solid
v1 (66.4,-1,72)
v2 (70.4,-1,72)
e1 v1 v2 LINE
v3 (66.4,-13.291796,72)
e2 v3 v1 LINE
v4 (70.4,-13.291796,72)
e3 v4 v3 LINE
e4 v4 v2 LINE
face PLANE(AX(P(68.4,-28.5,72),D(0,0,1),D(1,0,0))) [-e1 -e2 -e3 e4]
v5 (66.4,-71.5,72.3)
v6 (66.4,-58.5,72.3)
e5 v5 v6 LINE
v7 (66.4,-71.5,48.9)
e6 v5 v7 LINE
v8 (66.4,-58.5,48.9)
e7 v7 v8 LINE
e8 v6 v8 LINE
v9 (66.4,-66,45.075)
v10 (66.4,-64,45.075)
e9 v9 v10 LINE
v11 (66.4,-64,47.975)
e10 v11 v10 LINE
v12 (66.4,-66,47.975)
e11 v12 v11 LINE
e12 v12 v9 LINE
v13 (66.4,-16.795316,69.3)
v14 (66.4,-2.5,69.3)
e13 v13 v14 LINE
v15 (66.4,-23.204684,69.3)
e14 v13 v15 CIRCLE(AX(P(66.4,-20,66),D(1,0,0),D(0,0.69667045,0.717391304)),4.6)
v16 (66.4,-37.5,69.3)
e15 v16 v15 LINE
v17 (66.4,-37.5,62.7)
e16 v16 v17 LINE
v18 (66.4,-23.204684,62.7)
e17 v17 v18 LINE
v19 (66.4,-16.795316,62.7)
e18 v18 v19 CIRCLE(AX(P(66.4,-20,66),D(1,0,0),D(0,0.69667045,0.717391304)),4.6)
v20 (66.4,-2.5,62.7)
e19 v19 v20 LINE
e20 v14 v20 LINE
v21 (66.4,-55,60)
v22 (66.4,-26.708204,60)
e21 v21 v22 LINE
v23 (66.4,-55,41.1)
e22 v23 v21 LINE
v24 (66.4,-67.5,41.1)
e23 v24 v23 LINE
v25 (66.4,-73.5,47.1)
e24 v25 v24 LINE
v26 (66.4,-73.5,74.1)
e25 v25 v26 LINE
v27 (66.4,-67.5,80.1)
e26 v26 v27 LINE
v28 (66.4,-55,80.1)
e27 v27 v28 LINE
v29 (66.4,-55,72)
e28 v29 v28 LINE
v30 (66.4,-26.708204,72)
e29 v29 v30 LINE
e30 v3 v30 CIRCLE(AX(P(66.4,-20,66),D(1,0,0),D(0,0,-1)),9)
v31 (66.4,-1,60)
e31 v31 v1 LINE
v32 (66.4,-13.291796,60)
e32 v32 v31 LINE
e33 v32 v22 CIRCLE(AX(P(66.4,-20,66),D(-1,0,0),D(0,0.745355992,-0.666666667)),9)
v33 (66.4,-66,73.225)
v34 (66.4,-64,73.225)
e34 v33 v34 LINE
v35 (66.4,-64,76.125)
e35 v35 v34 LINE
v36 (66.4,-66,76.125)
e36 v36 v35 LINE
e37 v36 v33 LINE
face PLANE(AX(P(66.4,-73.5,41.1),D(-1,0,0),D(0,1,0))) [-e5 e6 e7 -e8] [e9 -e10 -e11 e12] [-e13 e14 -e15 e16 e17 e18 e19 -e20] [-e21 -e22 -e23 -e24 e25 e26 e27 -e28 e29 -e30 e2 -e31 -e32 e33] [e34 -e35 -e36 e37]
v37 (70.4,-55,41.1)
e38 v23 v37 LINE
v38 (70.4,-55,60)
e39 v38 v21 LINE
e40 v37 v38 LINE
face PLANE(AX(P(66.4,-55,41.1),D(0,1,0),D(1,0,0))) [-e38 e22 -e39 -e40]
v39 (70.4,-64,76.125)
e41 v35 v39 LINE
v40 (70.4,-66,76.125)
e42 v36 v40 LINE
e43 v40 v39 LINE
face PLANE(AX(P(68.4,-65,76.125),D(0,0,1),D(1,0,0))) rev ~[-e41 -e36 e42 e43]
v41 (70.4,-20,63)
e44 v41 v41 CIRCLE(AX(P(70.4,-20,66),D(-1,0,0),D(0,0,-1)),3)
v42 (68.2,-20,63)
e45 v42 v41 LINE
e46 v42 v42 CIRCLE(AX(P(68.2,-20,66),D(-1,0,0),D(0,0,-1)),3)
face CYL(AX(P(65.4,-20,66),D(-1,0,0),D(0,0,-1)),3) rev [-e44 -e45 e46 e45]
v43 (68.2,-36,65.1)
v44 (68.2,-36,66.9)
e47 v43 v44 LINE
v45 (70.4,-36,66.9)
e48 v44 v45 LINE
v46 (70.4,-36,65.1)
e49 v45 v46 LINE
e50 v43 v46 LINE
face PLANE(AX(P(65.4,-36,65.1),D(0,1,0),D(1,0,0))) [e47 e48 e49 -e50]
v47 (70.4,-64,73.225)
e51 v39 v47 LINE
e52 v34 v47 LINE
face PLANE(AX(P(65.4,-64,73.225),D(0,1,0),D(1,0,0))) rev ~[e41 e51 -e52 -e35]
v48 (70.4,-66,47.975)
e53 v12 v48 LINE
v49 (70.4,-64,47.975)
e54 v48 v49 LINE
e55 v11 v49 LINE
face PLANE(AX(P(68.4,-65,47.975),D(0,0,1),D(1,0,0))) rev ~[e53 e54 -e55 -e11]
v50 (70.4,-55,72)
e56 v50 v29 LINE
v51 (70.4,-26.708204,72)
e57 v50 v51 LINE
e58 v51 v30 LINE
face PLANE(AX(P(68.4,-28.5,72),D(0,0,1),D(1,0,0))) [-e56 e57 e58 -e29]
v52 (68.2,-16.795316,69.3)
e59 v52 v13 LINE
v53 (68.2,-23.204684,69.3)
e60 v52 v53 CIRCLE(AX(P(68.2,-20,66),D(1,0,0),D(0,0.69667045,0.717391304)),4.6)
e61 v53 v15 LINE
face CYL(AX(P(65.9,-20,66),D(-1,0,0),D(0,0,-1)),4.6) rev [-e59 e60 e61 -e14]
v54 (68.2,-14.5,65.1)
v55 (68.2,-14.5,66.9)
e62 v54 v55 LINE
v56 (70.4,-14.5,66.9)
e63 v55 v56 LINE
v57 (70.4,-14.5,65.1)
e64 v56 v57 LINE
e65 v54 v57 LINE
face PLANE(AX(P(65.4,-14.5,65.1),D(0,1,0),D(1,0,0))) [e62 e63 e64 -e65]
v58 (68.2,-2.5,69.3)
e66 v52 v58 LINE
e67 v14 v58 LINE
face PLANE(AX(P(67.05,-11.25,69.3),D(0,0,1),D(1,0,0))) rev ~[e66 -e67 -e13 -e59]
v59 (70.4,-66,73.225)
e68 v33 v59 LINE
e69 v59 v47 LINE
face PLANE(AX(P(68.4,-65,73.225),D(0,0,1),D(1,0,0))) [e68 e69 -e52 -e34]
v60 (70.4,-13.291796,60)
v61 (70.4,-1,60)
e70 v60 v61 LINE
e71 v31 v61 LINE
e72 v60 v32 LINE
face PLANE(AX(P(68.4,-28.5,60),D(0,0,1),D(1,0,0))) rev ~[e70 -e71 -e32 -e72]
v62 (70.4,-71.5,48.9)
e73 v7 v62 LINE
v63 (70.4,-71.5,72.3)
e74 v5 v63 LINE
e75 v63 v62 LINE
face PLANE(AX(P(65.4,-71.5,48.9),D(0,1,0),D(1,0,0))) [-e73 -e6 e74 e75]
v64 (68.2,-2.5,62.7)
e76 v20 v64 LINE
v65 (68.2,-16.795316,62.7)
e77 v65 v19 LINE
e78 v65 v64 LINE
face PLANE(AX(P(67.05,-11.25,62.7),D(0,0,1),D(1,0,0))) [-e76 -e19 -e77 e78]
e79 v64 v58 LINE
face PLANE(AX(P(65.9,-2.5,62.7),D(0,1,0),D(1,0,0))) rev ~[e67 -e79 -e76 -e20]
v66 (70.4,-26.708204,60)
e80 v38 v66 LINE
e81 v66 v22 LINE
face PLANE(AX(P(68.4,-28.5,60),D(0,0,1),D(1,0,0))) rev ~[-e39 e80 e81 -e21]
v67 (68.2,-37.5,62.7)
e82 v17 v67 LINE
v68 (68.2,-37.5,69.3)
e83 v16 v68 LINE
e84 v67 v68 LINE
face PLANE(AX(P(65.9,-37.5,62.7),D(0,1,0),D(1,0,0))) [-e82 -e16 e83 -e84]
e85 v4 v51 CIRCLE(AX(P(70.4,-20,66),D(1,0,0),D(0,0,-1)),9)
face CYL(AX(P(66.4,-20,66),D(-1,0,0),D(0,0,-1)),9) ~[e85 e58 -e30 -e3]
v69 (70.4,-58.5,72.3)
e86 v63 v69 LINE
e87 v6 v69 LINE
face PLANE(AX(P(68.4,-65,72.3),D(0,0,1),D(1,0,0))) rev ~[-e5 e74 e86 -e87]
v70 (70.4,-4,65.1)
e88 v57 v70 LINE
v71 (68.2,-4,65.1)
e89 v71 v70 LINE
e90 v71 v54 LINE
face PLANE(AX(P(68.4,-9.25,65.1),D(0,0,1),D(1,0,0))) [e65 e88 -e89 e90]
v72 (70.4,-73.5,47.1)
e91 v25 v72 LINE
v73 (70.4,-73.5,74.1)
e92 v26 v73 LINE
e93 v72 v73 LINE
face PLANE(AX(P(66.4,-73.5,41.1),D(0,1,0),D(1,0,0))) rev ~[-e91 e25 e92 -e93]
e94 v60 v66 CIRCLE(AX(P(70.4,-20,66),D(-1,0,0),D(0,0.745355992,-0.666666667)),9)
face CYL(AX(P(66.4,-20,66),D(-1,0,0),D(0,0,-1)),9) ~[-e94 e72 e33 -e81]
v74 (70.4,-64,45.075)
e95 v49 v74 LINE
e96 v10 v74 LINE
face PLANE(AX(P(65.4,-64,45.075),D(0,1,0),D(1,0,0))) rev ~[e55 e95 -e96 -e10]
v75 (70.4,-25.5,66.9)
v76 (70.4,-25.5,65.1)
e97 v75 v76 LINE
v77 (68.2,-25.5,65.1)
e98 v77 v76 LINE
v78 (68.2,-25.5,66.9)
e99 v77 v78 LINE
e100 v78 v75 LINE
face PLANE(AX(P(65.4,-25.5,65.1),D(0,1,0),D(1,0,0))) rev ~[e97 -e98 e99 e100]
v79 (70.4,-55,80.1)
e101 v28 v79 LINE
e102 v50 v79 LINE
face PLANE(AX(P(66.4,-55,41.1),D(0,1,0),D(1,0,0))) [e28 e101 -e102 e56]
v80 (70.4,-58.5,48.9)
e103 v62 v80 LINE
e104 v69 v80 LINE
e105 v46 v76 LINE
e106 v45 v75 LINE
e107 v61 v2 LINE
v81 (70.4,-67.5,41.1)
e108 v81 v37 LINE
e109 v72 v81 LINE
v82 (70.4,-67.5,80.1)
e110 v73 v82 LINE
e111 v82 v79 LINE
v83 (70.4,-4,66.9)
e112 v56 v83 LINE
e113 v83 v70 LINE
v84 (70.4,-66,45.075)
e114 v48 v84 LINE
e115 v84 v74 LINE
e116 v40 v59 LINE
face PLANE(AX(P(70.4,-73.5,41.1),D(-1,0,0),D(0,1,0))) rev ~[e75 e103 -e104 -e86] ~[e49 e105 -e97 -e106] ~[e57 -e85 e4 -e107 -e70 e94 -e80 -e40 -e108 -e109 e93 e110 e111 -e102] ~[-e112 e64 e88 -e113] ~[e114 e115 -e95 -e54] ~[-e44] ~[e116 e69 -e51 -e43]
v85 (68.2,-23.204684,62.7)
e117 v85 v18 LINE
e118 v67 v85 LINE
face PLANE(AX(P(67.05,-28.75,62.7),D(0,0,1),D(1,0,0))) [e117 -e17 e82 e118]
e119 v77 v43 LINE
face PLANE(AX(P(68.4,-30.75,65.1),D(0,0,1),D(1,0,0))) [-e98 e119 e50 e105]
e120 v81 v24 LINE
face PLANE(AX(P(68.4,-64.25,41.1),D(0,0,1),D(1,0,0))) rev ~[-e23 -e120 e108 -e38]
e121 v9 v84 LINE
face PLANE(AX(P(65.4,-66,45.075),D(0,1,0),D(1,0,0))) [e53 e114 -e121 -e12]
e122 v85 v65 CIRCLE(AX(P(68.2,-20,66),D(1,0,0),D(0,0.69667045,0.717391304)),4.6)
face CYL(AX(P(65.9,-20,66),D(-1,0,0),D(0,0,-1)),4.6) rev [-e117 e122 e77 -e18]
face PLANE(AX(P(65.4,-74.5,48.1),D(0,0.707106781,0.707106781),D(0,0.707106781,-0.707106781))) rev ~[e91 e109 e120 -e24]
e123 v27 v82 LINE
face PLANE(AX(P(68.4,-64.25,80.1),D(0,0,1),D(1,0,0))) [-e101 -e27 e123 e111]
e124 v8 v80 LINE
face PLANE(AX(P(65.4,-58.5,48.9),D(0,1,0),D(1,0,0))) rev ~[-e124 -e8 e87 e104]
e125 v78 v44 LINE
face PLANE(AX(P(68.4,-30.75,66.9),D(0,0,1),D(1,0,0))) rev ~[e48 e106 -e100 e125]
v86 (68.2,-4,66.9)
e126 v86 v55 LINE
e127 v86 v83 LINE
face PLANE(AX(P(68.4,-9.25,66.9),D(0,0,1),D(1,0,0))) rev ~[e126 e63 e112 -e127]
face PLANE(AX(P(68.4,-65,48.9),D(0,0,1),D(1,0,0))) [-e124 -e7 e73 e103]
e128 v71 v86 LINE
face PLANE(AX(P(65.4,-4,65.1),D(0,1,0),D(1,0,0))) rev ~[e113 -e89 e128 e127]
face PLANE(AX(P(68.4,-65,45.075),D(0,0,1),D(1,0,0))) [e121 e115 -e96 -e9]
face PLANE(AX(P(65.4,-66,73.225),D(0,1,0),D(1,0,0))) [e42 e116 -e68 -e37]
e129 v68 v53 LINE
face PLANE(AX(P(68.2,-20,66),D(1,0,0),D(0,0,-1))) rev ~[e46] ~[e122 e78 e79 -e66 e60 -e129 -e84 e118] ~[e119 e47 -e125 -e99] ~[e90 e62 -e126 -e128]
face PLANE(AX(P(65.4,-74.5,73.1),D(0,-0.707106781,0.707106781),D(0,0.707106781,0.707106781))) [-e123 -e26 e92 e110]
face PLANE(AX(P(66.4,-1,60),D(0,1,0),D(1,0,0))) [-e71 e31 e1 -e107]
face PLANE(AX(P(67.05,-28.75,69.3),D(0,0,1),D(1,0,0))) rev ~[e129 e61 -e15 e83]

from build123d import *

# Parameters (mm, degrees)
BOSS_EXTRUDE1_START  = 66.4
SKETCH1_R            = 9
BOSS_EXTRUDE1_DEPTH  = 4
BOSS_EXTRUDE2_START  = 60
SKETCH2_W            = 4
SKETCH2_H            = 55
BOSS_EXTRUDE2_DEPTH  = 12
BOSS_EXTRUDE3_START  = 41.1
SKETCH3_W            = 4
SKETCH3_H            = 18.5
BOSS_EXTRUDE3_DEPTH  = 39
BOSS_EXTRUDE4_START  = 65.4
BOSS_EXTRUDE4_DEPTH  = 6
BOSS_EXTRUDE5_START  = 65.4
BOSS_EXTRUDE5_DEPTH  = 6
BOSS_EXTRUDE6_START  = 65.9
SKETCH6_R            = 4.6
BOSS_EXTRUDE6_DEPTH  = 2.3
BOSS_EXTRUDE7_START  = 62.7
SKETCH7_W            = 2.3
SKETCH7_H            = 17.5
BOSS_EXTRUDE7_DEPTH  = 6.6
BOSS_EXTRUDE8_START  = 65.1
SKETCH8_W            = 6
SKETCH8_H            = 10.5
BOSS_EXTRUDE8_DEPTH  = 1.8
BOSS_EXTRUDE9_START  = 62.7
SKETCH9_W            = 2.3
SKETCH9_H            = 17.5
BOSS_EXTRUDE9_DEPTH  = 6.6
BOSS_EXTRUDE10_START = 65.1
SKETCH10_W           = 6
SKETCH10_H           = 10.5
BOSS_EXTRUDE10_DEPTH = 1.8
BOSS_EXTRUDE11_START = 65.4
SKETCH11_R           = 3
BOSS_EXTRUDE11_DEPTH = 6
BOSS_EXTRUDE12_START = 48.9
SKETCH12_W           = 6
SKETCH12_H           = 13
BOSS_EXTRUDE12_DEPTH = 23.4
BOSS_EXTRUDE13_START = 45.075
SKETCH13_W           = 6
SKETCH13_H           = 2
BOSS_EXTRUDE13_DEPTH = 2.9
BOSS_EXTRUDE14_START = 73.225
SKETCH14_W           = 6
SKETCH14_H           = 2
BOSS_EXTRUDE14_DEPTH = 2.9


with BuildPart() as part:
    # Sketch1 → Boss-Extrude1 (new body)
    with BuildSketch(Plane(origin=(0, 0, 0), x_dir=(0, 0, -1), z_dir=(1, 0, 0)).offset(BOSS_EXTRUDE1_START)):
        with Locations((-66, -20)):
            Circle(SKETCH1_R)
    extrude(amount=BOSS_EXTRUDE1_DEPTH)

    # Sketch2 → Boss-Extrude2 (add)
    with BuildSketch(Plane.XY.offset(BOSS_EXTRUDE2_START)):
        with Locations((68.4, -28.5)):
            Rectangle(SKETCH2_W, SKETCH2_H)
    extrude(amount=BOSS_EXTRUDE2_DEPTH)

    # Sketch3 → Boss-Extrude3 (add)
    with BuildSketch(Plane.XY.offset(BOSS_EXTRUDE3_START)):
        with Locations((68.4, -64.25)):
            Rectangle(SKETCH3_W, SKETCH3_H)
    extrude(amount=BOSS_EXTRUDE3_DEPTH)


with BuildPart() as body_2:
    # Sketch4 → Boss-Extrude4 (new body)
    with BuildSketch(Plane(origin=(0, 0, 0), x_dir=(0, 0, -1), z_dir=(1, 0, 0)).offset(BOSS_EXTRUDE4_START)):
        Polygon((-81.1, -74.5), (-73.1, -74.5), (-81.1, -66.5), align=None)
    extrude(amount=BOSS_EXTRUDE4_DEPTH)


with BuildPart() as part_1:
    add(part.part)

    # Combine1: cut body 2
    add(body_2.part, mode=Mode.SUBTRACT)


with BuildPart() as body_2_2:
    # Sketch5 → Boss-Extrude5 (new body)
    with BuildSketch(Plane(origin=(0, 0, 0), x_dir=(0, 0, -1), z_dir=(1, 0, 0)).offset(BOSS_EXTRUDE5_START)):
        Polygon((-40.1, -74.5), (-48.1, -74.5), (-40.1, -66.5), align=None)
    extrude(amount=BOSS_EXTRUDE5_DEPTH)


with BuildPart() as part_2:
    add(part_1.part)

    # Combine2: cut body 2 2
    add(body_2_2.part, mode=Mode.SUBTRACT)


with BuildPart() as body_2_3:
    # Sketch6 → Boss-Extrude6 (new body)
    with BuildSketch(Plane(origin=(0, 0, 0), x_dir=(0, 0, -1), z_dir=(1, 0, 0)).offset(BOSS_EXTRUDE6_START)):
        with Locations((-66, -20)):
            Circle(SKETCH6_R)
    extrude(amount=BOSS_EXTRUDE6_DEPTH)


with BuildPart() as part_3:
    add(part_2.part)

    # Combine3: cut body 2 3
    add(body_2_3.part, mode=Mode.SUBTRACT)


with BuildPart() as body_2_4:
    # Sketch7 → Boss-Extrude7 (new body)
    with BuildSketch(Plane.XY.offset(BOSS_EXTRUDE7_START)):
        with Locations((67.05, -11.25)):
            Rectangle(SKETCH7_W, SKETCH7_H)
    extrude(amount=BOSS_EXTRUDE7_DEPTH)


with BuildPart() as part_4:
    add(part_3.part)

    # Combine4: cut body 2 4
    add(body_2_4.part, mode=Mode.SUBTRACT)


with BuildPart() as body_2_5:
    # Sketch8 → Boss-Extrude8 (new body)
    with BuildSketch(Plane.XY.offset(BOSS_EXTRUDE8_START)):
        with Locations((68.4, -9.25)):
            Rectangle(SKETCH8_W, SKETCH8_H)
    extrude(amount=BOSS_EXTRUDE8_DEPTH)


with BuildPart() as part_5:
    add(part_4.part)

    # Combine5: cut body 2 5
    add(body_2_5.part, mode=Mode.SUBTRACT)


with BuildPart() as body_2_6:
    # Sketch9 → Boss-Extrude9 (new body)
    with BuildSketch(Plane.XY.offset(BOSS_EXTRUDE9_START)):
        with Locations((67.05, -28.75)):
            Rectangle(SKETCH9_W, SKETCH9_H)
    extrude(amount=BOSS_EXTRUDE9_DEPTH)


with BuildPart() as part_6:
    add(part_5.part)

    # Combine6: cut body 2 6
    add(body_2_6.part, mode=Mode.SUBTRACT)


with BuildPart() as body_2_7:
    # Sketch10 → Boss-Extrude10 (new body)
    with BuildSketch(Plane.XY.offset(BOSS_EXTRUDE10_START)):
        with Locations((68.4, -30.75)):
            Rectangle(SKETCH10_W, SKETCH10_H)
    extrude(amount=BOSS_EXTRUDE10_DEPTH)


with BuildPart() as part_7:
    add(part_6.part)

    # Combine7: cut body 2 7
    add(body_2_7.part, mode=Mode.SUBTRACT)


with BuildPart() as body_2_8:
    # Sketch11 → Boss-Extrude11 (new body)
    with BuildSketch(Plane(origin=(0, 0, 0), x_dir=(0, 0, -1), z_dir=(1, 0, 0)).offset(BOSS_EXTRUDE11_START)):
        with Locations((-66, -20)):
            Circle(SKETCH11_R)
    extrude(amount=BOSS_EXTRUDE11_DEPTH)


with BuildPart() as part_8:
    add(part_7.part)

    # Combine8: cut body 2 8
    add(body_2_8.part, mode=Mode.SUBTRACT)


with BuildPart() as body_2_9:
    # Sketch12 → Boss-Extrude12 (new body)
    with BuildSketch(Plane.XY.offset(BOSS_EXTRUDE12_START)):
        with Locations((68.4, -65)):
            Rectangle(SKETCH12_W, SKETCH12_H)
    extrude(amount=BOSS_EXTRUDE12_DEPTH)


with BuildPart() as part_9:
    add(part_8.part)

    # Combine9: cut body 2 9
    add(body_2_9.part, mode=Mode.SUBTRACT)


with BuildPart() as body_2_10:
    # Sketch13 → Boss-Extrude13 (new body)
    with BuildSketch(Plane.XY.offset(BOSS_EXTRUDE13_START)):
        with Locations((68.4, -65)):
            Rectangle(SKETCH13_W, SKETCH13_H)
    extrude(amount=BOSS_EXTRUDE13_DEPTH)


with BuildPart() as part_10:
    add(part_9.part)

    # Combine10: cut body 2 10
    add(body_2_10.part, mode=Mode.SUBTRACT)


with BuildPart() as body_2_11:
    # Sketch14 → Boss-Extrude14 (new body)
    with BuildSketch(Plane.XY.offset(BOSS_EXTRUDE14_START)):
        with Locations((68.4, -65)):
            Rectangle(SKETCH14_W, SKETCH14_H)
    extrude(amount=BOSS_EXTRUDE14_DEPTH)


with BuildPart() as part_11:
    add(part_10.part)

    # Combine11: cut body 2 11
    add(body_2_11.part, mode=Mode.SUBTRACT)


solid = part_11.part
